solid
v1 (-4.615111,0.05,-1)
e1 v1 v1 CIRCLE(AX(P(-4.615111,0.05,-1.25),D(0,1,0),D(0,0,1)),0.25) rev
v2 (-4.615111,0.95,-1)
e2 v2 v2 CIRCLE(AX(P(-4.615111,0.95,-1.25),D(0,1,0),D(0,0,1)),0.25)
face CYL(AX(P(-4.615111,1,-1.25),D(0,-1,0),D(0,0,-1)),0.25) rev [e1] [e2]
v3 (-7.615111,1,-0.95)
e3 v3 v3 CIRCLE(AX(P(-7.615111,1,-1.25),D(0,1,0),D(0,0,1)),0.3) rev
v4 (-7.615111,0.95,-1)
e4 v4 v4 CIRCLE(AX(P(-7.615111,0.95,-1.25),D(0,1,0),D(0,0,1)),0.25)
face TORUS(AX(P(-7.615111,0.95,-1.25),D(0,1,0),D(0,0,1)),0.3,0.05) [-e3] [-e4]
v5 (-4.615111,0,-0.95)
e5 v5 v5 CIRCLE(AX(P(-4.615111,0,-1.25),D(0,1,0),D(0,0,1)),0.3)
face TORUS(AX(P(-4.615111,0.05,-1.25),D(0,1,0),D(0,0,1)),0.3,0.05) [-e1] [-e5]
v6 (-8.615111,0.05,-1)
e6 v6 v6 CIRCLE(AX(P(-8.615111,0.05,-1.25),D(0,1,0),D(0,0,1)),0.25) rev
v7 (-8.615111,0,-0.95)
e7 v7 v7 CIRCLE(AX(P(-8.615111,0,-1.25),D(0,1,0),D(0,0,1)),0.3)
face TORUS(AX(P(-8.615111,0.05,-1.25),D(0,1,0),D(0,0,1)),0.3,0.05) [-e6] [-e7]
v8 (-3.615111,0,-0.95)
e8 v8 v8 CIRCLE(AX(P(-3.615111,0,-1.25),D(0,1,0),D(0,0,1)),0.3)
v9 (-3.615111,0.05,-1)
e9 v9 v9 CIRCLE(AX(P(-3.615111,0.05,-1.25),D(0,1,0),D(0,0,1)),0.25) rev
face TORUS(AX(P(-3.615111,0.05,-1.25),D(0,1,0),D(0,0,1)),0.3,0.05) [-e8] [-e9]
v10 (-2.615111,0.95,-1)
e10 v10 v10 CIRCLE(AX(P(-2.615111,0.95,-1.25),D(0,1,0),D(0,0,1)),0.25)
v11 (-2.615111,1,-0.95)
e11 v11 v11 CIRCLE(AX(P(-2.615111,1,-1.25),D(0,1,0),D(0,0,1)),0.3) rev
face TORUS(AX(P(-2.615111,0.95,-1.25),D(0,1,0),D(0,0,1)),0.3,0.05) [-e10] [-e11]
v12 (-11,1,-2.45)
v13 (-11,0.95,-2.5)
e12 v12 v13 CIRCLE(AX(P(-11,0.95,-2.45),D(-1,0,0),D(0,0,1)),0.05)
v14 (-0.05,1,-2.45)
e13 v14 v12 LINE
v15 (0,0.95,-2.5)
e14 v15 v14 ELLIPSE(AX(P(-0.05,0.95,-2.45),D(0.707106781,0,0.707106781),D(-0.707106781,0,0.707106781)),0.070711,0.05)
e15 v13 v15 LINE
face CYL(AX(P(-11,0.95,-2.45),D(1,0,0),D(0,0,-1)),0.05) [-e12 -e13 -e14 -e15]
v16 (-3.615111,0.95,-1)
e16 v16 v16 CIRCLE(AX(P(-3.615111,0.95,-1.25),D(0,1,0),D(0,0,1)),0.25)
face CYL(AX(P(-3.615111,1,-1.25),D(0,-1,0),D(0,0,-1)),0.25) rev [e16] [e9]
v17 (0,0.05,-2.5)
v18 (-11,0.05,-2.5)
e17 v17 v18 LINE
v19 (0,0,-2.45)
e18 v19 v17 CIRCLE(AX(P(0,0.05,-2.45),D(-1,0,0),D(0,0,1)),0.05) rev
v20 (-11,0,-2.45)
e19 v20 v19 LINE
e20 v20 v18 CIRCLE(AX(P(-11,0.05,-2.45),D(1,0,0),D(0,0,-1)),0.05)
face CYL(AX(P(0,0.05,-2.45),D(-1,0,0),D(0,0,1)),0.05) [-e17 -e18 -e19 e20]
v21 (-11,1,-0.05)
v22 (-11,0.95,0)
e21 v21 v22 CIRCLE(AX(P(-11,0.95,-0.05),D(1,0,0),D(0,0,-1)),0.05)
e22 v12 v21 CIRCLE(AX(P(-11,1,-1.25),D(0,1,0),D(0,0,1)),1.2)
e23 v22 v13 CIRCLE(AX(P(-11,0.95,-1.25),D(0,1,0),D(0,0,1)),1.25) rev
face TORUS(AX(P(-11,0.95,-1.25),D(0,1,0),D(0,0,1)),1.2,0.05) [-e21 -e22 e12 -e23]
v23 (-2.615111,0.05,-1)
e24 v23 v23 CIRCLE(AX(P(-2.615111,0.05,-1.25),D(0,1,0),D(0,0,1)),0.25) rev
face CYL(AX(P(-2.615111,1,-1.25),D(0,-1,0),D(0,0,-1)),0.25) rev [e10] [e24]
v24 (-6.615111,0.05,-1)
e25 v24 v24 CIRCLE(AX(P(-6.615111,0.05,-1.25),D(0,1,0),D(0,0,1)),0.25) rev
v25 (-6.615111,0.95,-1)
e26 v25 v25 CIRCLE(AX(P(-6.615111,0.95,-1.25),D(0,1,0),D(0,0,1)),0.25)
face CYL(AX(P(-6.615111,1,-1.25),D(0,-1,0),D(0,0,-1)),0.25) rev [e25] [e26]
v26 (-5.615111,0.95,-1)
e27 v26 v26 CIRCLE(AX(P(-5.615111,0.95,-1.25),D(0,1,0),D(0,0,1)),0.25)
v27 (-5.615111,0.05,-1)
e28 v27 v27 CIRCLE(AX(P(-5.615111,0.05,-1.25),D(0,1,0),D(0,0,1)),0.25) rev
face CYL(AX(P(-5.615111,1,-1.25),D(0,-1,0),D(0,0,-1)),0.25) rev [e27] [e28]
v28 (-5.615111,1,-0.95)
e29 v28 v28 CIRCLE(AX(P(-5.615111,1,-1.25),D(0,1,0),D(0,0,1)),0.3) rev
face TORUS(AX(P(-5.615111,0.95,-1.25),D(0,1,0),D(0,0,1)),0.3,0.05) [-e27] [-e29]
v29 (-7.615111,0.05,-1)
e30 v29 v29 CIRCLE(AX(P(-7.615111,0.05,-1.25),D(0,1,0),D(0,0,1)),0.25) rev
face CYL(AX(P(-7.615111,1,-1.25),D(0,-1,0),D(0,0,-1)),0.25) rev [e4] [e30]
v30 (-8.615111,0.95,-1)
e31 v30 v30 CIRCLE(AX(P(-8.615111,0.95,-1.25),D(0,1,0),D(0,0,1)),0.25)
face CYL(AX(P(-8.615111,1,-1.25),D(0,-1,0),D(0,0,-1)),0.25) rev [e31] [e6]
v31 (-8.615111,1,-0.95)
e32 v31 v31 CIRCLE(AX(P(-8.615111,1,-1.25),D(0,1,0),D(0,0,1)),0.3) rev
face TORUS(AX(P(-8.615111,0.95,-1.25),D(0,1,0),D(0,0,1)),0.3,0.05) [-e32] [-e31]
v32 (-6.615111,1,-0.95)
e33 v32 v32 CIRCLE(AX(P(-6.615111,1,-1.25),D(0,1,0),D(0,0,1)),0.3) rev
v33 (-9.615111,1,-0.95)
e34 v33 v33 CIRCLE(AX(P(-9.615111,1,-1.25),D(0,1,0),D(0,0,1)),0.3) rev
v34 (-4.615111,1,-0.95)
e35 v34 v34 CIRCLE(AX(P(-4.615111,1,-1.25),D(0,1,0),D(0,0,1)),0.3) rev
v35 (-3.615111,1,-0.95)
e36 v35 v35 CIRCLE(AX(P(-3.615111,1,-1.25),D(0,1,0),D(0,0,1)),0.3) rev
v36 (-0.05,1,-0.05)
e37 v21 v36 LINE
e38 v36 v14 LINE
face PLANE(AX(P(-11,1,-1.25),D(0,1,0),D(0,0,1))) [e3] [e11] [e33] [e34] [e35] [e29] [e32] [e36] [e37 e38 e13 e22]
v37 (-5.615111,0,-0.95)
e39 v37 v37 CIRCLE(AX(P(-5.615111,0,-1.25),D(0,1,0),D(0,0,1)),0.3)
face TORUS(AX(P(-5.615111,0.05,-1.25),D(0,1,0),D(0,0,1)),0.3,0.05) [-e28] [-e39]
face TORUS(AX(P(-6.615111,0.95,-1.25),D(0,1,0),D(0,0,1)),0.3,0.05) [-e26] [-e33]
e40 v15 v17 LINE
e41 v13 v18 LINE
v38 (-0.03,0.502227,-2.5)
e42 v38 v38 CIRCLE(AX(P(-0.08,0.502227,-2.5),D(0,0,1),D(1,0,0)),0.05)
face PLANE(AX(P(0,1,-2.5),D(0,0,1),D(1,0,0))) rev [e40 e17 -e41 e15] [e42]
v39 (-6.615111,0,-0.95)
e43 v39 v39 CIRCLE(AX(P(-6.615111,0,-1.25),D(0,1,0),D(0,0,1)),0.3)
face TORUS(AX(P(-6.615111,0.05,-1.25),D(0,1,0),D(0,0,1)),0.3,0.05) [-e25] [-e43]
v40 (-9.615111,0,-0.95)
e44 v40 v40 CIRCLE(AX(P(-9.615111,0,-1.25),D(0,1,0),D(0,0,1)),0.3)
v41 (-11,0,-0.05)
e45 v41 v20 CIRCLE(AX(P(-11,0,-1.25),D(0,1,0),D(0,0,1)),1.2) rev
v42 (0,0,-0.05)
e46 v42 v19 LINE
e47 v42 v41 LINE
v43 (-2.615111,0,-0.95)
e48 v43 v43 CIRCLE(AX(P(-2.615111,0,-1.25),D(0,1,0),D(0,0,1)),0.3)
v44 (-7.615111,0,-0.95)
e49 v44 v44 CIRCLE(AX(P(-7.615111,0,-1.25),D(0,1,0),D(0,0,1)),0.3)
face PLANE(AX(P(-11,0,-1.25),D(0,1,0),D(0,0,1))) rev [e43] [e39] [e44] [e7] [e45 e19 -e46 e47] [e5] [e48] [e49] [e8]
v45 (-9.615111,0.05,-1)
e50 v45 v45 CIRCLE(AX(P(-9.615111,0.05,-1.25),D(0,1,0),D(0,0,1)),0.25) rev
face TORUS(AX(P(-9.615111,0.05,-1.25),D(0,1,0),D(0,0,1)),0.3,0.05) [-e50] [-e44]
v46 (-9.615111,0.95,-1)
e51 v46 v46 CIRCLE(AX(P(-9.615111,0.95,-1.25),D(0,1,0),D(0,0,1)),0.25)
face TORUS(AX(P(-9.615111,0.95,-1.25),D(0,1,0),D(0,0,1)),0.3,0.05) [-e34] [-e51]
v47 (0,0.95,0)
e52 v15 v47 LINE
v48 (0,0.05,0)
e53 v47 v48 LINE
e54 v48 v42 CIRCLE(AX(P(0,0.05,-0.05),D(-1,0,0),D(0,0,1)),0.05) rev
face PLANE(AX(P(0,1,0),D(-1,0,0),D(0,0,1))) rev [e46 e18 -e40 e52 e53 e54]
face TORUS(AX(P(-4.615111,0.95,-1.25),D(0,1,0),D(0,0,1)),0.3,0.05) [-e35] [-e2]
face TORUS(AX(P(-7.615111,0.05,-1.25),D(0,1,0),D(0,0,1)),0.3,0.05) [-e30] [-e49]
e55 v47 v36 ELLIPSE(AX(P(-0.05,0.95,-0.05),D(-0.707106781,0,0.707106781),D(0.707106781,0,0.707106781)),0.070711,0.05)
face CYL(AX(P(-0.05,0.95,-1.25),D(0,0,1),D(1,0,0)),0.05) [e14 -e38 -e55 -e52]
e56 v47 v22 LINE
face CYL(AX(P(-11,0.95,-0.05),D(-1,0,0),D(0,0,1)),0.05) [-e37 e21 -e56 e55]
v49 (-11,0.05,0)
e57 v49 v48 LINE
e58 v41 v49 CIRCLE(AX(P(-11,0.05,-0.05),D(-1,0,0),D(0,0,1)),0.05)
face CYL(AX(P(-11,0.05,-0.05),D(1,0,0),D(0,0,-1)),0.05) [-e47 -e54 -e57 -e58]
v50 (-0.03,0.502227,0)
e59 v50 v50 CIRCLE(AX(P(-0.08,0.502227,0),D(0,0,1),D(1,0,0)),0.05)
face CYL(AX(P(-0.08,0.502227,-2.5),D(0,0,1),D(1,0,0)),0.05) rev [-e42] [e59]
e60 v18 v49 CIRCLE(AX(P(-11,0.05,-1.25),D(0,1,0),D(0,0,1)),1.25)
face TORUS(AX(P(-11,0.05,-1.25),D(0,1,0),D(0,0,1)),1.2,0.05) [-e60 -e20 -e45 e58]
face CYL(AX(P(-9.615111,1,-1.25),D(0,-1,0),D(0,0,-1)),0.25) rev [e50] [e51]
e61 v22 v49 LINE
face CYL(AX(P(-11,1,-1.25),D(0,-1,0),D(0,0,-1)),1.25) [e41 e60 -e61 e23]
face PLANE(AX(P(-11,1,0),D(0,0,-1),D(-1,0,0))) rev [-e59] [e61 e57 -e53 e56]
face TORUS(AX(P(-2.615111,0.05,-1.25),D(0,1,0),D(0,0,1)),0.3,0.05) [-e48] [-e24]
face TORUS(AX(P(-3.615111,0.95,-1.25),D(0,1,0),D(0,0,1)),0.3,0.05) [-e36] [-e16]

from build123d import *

# Parameters (mm, degrees)
CROQUIS1_R              = 0.25
SALIENTE_EXTRUIR1_DEPTH = 1
REDONDEO2_R             = 0.05
CROQUIS2_R              = 0.05
CORTAR_EXTRUIR1_DEPTH   = 13.542428092


with BuildPart() as part:
    # Croquis1 → Saliente-Extruir1 (new body)
    with BuildSketch(Plane(origin=(0, 0, 0), x_dir=(1, 0, 0), z_dir=(0, 1, 0))):
        with BuildLine():
            Line((0, 2.5), (-11, 2.5))
            ThreePointArc((-11, 2.5), (-12.25, 1.25), (-11, 0))
            Line((-11, 0), (0, 0))
            Line((0, 0), (0, 2.5))
        make_face()
        with Locations(Location((-9.61511146, 1.25, 0), (0, 0, 270))):
            Circle(CROQUIS1_R, mode=Mode.SUBTRACT)
        with Locations(Location((-8.61511146, 1.25, 0), (0, 0, 270))):
            Circle(CROQUIS1_R, mode=Mode.SUBTRACT)
        with Locations(Location((-7.61511146, 1.25, 0), (0, 0, 270))):
            Circle(CROQUIS1_R, mode=Mode.SUBTRACT)
        with Locations(Location((-6.61511146, 1.25, 0), (0, 0, 270))):
            Circle(CROQUIS1_R, mode=Mode.SUBTRACT)
        with Locations(Location((-5.61511146, 1.25, 0), (0, 0, 270))):
            Circle(CROQUIS1_R, mode=Mode.SUBTRACT)
        with Locations(Location((-4.61511146, 1.25, 0), (0, 0, 270))):
            Circle(CROQUIS1_R, mode=Mode.SUBTRACT)
        with Locations(Location((-3.61511146, 1.25, 0), (0, 0, 270))):
            Circle(CROQUIS1_R, mode=Mode.SUBTRACT)
        with Locations(Location((-2.61511146, 1.25, 0), (0, 0, 270))):
            Circle(CROQUIS1_R, mode=Mode.SUBTRACT)
    extrude(amount=SALIENTE_EXTRUIR1_DEPTH)

    # Redondeo2
    redondeo2_edges = [part.edges().sort_by_distance(p)[0] for p in [
        (-9.61511146, 0, -1.5),
        (-9.61511146, 1, -1.5),
        (-12.25, 1, -1.25),
        (-8.61511146, 0, -1.5),
        (-8.61511146, 1, -1.5),
        (-5.5, 1, 0),
        (-7.61511146, 0, -1.5),
        (-7.61511146, 1, -1.5),
        (-6.61511146, 0, -1.5),
        (-6.61511146, 1, -1.5),
        (-5.61511146, 0, -1.5),
        (-5.61511146, 1, -1.5),
        (-4.61511146, 0, -1.5),
        (-4.61511146, 1, -1.5),
        (-3.61511146, 0, -1.5),
        (-3.61511146, 1, -1.5),
        (-2.61511146, 0, -1.5),
        (-2.61511146, 1, -1.5),
        (0, 1, -1.25),
        (-5.5, 0, 0),
        (-12.25, 0, -1.25),
        (-5.5, 0, -2.5),
        (-5.5, 1, -2.5),
    ]]
    fillet(redondeo2_edges, radius=REDONDEO2_R)

    # Croquis2 → Cortar-Extruir1 (cut, through all)
    with BuildSketch(Plane.XY):
        with Locations((-0.08, 0.502227407)):
            Circle(CROQUIS2_R)
    extrude(amount=-CORTAR_EXTRUIR1_DEPTH, mode=Mode.SUBTRACT)


solid = part.part
